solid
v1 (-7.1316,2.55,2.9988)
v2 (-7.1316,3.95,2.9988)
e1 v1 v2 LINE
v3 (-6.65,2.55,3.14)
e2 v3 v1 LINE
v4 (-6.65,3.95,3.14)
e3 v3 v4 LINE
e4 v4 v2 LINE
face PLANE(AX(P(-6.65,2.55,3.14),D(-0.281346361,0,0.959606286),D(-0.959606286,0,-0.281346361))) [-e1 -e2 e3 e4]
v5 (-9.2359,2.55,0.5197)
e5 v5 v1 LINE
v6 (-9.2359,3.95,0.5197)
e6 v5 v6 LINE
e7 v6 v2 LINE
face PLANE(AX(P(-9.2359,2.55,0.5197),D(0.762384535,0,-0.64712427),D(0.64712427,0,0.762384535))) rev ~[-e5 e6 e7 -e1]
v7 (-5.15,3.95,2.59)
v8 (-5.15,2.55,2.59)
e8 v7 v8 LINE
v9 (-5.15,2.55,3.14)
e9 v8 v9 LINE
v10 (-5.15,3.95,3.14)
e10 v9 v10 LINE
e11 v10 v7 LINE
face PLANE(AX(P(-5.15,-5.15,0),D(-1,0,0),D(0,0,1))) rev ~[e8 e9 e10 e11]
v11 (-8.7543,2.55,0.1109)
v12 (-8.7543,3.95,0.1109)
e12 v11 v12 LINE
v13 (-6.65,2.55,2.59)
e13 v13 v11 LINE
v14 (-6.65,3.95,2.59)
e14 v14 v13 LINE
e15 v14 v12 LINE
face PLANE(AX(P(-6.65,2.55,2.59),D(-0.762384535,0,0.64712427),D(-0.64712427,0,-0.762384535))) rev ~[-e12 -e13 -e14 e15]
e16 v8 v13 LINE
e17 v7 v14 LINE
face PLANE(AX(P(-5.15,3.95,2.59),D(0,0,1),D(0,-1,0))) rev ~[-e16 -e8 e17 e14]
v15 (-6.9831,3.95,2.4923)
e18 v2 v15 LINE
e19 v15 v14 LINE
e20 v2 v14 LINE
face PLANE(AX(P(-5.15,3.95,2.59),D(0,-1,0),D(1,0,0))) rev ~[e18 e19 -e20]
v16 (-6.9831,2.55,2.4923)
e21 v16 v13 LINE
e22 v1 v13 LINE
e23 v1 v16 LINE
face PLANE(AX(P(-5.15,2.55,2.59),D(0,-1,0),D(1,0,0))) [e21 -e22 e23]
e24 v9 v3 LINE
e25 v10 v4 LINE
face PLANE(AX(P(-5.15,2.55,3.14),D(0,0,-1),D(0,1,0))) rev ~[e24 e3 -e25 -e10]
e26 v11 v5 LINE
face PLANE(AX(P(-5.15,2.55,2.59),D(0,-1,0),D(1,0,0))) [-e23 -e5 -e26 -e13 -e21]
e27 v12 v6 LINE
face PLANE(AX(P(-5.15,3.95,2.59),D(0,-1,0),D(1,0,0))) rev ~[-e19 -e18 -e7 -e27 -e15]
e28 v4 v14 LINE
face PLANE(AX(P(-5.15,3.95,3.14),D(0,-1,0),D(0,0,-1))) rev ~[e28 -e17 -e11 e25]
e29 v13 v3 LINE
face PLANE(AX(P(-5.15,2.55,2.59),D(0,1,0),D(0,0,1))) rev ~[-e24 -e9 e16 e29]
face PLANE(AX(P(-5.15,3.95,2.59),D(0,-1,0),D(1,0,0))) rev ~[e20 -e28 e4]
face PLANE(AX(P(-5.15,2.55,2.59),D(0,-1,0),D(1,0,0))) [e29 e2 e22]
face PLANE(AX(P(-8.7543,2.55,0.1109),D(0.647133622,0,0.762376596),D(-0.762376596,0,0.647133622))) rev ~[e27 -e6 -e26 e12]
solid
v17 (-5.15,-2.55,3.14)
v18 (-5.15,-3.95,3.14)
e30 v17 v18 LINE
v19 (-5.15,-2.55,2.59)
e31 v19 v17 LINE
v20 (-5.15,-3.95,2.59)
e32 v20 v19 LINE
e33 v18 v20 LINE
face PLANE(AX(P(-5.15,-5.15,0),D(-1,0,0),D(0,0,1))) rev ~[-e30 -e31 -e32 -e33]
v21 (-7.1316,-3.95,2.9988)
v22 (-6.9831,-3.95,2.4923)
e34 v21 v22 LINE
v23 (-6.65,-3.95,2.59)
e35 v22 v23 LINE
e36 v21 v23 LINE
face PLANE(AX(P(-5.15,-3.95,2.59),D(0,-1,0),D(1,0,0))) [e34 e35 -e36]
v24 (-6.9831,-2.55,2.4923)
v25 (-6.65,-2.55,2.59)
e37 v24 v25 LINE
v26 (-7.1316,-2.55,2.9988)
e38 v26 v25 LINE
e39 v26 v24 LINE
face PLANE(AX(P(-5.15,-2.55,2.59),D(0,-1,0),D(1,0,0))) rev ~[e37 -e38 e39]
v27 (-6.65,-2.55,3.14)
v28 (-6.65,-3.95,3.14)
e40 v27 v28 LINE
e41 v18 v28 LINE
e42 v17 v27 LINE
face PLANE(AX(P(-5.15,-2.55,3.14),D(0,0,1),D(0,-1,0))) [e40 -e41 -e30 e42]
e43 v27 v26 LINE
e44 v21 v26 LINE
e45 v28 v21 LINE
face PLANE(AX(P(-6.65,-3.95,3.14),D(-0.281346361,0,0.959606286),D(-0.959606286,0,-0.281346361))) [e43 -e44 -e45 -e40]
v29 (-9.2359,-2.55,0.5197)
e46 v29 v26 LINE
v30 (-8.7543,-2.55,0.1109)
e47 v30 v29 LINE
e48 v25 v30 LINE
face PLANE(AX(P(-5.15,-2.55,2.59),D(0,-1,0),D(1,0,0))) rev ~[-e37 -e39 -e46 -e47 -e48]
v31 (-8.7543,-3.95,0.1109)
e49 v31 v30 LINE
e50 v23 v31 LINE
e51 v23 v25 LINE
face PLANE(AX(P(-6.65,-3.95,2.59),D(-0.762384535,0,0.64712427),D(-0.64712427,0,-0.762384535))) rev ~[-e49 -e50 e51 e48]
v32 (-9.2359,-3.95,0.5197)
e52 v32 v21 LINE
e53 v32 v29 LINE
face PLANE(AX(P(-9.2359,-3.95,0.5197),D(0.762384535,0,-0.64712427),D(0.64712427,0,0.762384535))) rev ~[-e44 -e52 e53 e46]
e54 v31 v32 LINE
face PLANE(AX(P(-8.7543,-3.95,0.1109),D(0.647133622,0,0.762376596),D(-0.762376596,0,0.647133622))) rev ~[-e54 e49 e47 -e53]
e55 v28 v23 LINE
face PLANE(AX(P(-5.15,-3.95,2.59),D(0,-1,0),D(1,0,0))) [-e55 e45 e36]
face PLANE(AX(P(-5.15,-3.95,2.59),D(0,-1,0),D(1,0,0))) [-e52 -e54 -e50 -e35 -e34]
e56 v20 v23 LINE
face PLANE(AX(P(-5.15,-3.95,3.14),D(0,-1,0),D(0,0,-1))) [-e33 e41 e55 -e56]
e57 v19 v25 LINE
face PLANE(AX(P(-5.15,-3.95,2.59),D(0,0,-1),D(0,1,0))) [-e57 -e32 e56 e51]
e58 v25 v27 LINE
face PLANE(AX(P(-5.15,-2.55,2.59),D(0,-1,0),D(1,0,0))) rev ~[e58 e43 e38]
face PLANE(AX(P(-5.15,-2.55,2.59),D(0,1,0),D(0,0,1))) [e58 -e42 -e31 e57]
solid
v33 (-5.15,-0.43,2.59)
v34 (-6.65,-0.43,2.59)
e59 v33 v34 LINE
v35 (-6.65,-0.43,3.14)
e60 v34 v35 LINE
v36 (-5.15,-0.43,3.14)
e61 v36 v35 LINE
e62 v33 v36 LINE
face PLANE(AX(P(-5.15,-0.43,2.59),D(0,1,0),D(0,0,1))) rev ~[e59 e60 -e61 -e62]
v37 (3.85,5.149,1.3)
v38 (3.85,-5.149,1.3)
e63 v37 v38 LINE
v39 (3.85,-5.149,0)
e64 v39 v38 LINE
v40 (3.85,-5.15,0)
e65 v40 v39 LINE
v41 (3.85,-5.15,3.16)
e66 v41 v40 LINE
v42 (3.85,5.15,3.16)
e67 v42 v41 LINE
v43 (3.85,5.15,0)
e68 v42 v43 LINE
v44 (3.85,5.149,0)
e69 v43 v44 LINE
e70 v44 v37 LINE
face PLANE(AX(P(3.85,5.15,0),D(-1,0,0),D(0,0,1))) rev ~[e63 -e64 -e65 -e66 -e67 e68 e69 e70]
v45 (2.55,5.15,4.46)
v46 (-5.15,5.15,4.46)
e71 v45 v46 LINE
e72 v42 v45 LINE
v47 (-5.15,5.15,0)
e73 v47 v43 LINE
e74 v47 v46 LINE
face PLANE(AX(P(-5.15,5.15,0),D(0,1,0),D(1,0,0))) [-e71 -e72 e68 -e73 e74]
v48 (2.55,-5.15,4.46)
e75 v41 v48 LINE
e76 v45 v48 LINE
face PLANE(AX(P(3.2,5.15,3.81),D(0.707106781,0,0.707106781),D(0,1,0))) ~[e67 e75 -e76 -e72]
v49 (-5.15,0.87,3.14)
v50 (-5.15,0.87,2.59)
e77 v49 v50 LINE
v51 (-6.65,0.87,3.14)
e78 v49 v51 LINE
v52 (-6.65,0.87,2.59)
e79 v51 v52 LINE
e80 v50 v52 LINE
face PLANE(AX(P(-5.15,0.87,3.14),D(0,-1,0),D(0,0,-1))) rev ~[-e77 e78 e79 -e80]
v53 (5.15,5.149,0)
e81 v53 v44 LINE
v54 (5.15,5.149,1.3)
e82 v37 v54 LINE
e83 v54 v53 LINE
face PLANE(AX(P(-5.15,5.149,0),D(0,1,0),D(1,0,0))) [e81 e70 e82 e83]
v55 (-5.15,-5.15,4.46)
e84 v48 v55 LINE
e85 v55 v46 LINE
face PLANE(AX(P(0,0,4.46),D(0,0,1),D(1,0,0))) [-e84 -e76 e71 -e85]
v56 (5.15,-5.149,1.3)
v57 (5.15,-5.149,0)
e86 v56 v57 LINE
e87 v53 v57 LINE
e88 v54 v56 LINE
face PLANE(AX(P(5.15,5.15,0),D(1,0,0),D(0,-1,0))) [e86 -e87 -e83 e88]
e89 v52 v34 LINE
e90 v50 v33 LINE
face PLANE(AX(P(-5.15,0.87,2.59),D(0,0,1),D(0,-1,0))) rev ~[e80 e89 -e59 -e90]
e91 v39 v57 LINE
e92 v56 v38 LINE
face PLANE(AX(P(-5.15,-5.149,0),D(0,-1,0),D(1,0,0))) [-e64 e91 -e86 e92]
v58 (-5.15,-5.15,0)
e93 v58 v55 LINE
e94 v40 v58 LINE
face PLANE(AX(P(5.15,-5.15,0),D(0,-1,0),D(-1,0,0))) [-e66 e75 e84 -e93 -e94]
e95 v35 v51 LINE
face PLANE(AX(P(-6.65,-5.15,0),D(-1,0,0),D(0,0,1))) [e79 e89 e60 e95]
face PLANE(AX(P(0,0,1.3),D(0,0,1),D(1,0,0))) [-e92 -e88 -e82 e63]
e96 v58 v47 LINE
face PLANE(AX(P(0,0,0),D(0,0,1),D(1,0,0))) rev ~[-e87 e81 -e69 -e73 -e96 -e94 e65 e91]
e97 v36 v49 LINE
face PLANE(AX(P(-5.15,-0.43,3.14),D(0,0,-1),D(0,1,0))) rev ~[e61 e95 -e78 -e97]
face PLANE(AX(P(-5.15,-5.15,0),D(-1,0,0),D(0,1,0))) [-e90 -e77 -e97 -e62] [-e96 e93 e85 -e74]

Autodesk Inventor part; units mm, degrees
ref_plane "YZ Plane" through (0, 0, 0) normal (1, 0, 0) x (0, 1, 0)
ref_plane "XZ Plane" through (0, 0, 0) normal (0, 1, 0) x (-1, 0, 0)
ref_plane "XY Plane" through (0, 0, 0) normal (0, 0, 1) x (1, 0, 0)
sketch "Skizze1" plane through (0, 0, 0) normal (0, 0, 1) x (1, 0, 0)
  line L0 (-5.15, 5.15) -> (5.15, 5.15)
  line L1 (5.15, 5.15) -> (5.15, -5.15)
  line L2 (5.15, -5.15) -> (-5.15, -5.15)
  line L3 (-5.15, -5.15) -> (-5.15, 5.15)
  line L4 (-5.15, 5.15) -> (5.15, -5.15) construction
  point P0 (0, 0)
  point P1 (0, 0)
  dimension "d0" = 10.3
  dimension "d1" = 10.3
extrude "Extrusion1" add sketch "Skizze1" along normal blind 1.3
sketch "Skizze2" plane through (0, 0, 1.3) normal (0, 0, 1) x (1, 0, 0)
  line L0 (5.15, 5.15) -> (-5.15, 5.15) projected
  line L1 (-5.15, 5.15) -> (3.85, 5.15)
  line L2 (3.85, 5.15) -> (3.85, -5.15)
  line L3 (3.85, -5.15) -> (-5.15, -5.15)
  line L4 (-5.15, -5.15) -> (-5.15, 5.15)
  point P0 (0, 0)
  dimension "d4" = 9
  dimension "d5" = 10.3
extrude "Extrusion2" add sketch "Skizze2" along normal blind 3.16
chamfer "Fase1" distance 1.3 angle 45 1 edges at (3.85, 0, 4.46)
sketch "Skizze3" plane through (-5.15, -5.15, 0) normal (0, -1, 0) x (1, 0, 0)
  line L0 (10.3, 1.3) -> (9, 1.3) projected
  line L1 (0, 0) -> (10.3, 0) projected
  line L2 (9, 1.3) -> (10.3, 1.3)
  line L3 (10.3, 1.3) -> (10.3, 0)
  line L4 (10.3, 0) -> (9, 0)
  line L5 (9, 0) -> (9, 1.3)
  point P0 (5.15, 0)
extrude "Extrusion3" cut sketch "Skizze3" against normal blind 0.001
sketch "Skizze4" plane through (-5.15, 5.15, 0) normal (0, 1, 0) x (1, 0, 0)
  line L0 (9, 0) -> (9, -1.3) projected
  line L1 (10.3, -1.3) -> (10.3, 0) projected
  line L2 (9, -1.3) -> (10.3, -1.3)
  line L3 (10.3, -1.3) -> (10.3, 0)
  line L4 (10.3, 0) -> (9, 0)
  line L5 (9, 0) -> (9, -1.3)
  point P0 (5.15, 0)
extrude "Extrusion4" cut sketch "Skizze4" against normal blind 0.001
sketch "Skizze7" plane through (-5.15, -5.15, 0) normal (-1, 0, 0) x (0, 0, 1)
  line L0 (4.46, 10.3) -> (4.46, 0) construction
  line L1 (4.46, 10.3) -> (4.46, 9.1) construction
  line L2 (4.46, 9.1) -> (3.14, 9.1) construction
  line L3 (3.14, 9.1) -> (2.59, 9.1)
  line L4 (2.59, 9.1) -> (2.59, 7.7)
  line L5 (2.59, 7.7) -> (3.14, 7.7)
  line L6 (3.14, 7.7) -> (3.14, 9.1)
  line L7 (0, 0) -> (4.46, 0) construction
  line L8 (4.46, 0) -> (4.46, 1.2) construction
  line L9 (4.46, 1.2) -> (3.14, 1.2) construction
  line L10 (3.14, 1.2) -> (2.59, 1.2)
  line L11 (2.59, 1.2) -> (2.59, 2.6)
  line L12 (2.59, 2.6) -> (3.14, 2.6)
  line L13 (3.14, 2.6) -> (3.14, 1.2)
  point P0 (0, 5.15)
  point P1 (0, 10.3)
  dimension "d20" = 1.2
  dimension "d21" = 1.32
  dimension "d22" = 0.55
  dimension "d23" = 1.4
  dimension "d24" = 1.2
  dimension "d25" = 1.32
extrude "Extrusion5" add sketch "Skizze7" along normal blind 1.5 separate body
sketch "Skizze9" plane through (-5.15, -3.95, 2.59) normal (0, -1, 0) x (1, 0, 0)
  line L0 (-1.5, 0) -> (-1.5, 0.55) projected
  line L1 (-1.5, 0) -> (-3.6043, -2.4791)
  line L2 (-3.6043, -2.4791) -> (-4.0859, -2.0703)
  line L3 (-4.0859, -2.0703) -> (-1.9816, 0.4088)
  line L4 (-1.9816, 0.4088) -> (-1.5, 0)
  line L5 (-1.5, 0.55) -> (-1.9816, 0.4088)
  line L6 (-1.9816, 0.4088) -> (-1.8331, -0.0977)
  line L7 (-1.8331, -0.0977) -> (-1.3515, 0.0435)
  line L8 (-1.3515, 0.0435) -> (-1.5, 0.55)
  point P0 (5.15, -2.59)
extrude "Extrusion6" add sketch "Skizze9" against normal blind 1.4 contours L4 L5 L0 | L7 L6 L4 | L1 L2 L3 L6 L7 bodies 2
sketch "Skizze11" plane through (-5.15, 2.55, 2.59) normal (0, -1, 0) x (1, 0, 0)
  line L0 (-1.5, 0) -> (-1.5, 0.55)
  line L1 (-1.5, 0) -> (-3.6043, -2.4791)
  line L2 (-3.6043, -2.4791) -> (-4.0859, -2.0703)
  line L3 (-4.0859, -2.0703) -> (-1.9816, 0.4088)
  line L4 (-1.9816, 0.4088) -> (-1.5, 0)
  line L5 (-1.5, 0.55) -> (-1.9816, 0.4088)
  line L6 (-1.9816, 0.4088) -> (-1.8331, -0.0977)
  line L7 (-1.8331, -0.0977) -> (-1.3515, 0.0435)
  line L8 (-1.3515, 0.0435) -> (-1.5, 0.55)
  point P0 (5.15, -2.59)
extrude "Extrusion8" add sketch "Skizze11" against normal blind 1.4 contours L4 L5 L0 | L7 L6 L4 | L1 L2 L3 L6 L7 bodies 2
sketch "Skizze12" plane through (-5.15, -5.15, 0) normal (-1, 0, 0) x (0, 0, 1)
  line L0 (2.59, 7.7) -> (3.14, 7.7) projected
  line L1 (2.865, 7.7) -> (2.865, 6.02) construction
  line L2 (2.865, 7.7) -> (4.545, 7.7) construction
  line L3 (3.14, 6.02) -> (2.59, 6.02)
  line L4 (2.59, 6.02) -> (2.59, 4.72)
  line L5 (2.59, 4.72) -> (3.14, 4.72)
  line L6 (3.14, 4.72) -> (3.14, 6.02)
  point P0 (0, 5.15)
  dimension "d40" = 1.68
  dimension "d41" = 90
  dimension "d42" = 0.55
  dimension "d43" = 1.3
extrude "Extrusion9" add sketch "Skizze12" along normal blind 1.5 bodies 1
properties part number "TN2540-800G-TR"
